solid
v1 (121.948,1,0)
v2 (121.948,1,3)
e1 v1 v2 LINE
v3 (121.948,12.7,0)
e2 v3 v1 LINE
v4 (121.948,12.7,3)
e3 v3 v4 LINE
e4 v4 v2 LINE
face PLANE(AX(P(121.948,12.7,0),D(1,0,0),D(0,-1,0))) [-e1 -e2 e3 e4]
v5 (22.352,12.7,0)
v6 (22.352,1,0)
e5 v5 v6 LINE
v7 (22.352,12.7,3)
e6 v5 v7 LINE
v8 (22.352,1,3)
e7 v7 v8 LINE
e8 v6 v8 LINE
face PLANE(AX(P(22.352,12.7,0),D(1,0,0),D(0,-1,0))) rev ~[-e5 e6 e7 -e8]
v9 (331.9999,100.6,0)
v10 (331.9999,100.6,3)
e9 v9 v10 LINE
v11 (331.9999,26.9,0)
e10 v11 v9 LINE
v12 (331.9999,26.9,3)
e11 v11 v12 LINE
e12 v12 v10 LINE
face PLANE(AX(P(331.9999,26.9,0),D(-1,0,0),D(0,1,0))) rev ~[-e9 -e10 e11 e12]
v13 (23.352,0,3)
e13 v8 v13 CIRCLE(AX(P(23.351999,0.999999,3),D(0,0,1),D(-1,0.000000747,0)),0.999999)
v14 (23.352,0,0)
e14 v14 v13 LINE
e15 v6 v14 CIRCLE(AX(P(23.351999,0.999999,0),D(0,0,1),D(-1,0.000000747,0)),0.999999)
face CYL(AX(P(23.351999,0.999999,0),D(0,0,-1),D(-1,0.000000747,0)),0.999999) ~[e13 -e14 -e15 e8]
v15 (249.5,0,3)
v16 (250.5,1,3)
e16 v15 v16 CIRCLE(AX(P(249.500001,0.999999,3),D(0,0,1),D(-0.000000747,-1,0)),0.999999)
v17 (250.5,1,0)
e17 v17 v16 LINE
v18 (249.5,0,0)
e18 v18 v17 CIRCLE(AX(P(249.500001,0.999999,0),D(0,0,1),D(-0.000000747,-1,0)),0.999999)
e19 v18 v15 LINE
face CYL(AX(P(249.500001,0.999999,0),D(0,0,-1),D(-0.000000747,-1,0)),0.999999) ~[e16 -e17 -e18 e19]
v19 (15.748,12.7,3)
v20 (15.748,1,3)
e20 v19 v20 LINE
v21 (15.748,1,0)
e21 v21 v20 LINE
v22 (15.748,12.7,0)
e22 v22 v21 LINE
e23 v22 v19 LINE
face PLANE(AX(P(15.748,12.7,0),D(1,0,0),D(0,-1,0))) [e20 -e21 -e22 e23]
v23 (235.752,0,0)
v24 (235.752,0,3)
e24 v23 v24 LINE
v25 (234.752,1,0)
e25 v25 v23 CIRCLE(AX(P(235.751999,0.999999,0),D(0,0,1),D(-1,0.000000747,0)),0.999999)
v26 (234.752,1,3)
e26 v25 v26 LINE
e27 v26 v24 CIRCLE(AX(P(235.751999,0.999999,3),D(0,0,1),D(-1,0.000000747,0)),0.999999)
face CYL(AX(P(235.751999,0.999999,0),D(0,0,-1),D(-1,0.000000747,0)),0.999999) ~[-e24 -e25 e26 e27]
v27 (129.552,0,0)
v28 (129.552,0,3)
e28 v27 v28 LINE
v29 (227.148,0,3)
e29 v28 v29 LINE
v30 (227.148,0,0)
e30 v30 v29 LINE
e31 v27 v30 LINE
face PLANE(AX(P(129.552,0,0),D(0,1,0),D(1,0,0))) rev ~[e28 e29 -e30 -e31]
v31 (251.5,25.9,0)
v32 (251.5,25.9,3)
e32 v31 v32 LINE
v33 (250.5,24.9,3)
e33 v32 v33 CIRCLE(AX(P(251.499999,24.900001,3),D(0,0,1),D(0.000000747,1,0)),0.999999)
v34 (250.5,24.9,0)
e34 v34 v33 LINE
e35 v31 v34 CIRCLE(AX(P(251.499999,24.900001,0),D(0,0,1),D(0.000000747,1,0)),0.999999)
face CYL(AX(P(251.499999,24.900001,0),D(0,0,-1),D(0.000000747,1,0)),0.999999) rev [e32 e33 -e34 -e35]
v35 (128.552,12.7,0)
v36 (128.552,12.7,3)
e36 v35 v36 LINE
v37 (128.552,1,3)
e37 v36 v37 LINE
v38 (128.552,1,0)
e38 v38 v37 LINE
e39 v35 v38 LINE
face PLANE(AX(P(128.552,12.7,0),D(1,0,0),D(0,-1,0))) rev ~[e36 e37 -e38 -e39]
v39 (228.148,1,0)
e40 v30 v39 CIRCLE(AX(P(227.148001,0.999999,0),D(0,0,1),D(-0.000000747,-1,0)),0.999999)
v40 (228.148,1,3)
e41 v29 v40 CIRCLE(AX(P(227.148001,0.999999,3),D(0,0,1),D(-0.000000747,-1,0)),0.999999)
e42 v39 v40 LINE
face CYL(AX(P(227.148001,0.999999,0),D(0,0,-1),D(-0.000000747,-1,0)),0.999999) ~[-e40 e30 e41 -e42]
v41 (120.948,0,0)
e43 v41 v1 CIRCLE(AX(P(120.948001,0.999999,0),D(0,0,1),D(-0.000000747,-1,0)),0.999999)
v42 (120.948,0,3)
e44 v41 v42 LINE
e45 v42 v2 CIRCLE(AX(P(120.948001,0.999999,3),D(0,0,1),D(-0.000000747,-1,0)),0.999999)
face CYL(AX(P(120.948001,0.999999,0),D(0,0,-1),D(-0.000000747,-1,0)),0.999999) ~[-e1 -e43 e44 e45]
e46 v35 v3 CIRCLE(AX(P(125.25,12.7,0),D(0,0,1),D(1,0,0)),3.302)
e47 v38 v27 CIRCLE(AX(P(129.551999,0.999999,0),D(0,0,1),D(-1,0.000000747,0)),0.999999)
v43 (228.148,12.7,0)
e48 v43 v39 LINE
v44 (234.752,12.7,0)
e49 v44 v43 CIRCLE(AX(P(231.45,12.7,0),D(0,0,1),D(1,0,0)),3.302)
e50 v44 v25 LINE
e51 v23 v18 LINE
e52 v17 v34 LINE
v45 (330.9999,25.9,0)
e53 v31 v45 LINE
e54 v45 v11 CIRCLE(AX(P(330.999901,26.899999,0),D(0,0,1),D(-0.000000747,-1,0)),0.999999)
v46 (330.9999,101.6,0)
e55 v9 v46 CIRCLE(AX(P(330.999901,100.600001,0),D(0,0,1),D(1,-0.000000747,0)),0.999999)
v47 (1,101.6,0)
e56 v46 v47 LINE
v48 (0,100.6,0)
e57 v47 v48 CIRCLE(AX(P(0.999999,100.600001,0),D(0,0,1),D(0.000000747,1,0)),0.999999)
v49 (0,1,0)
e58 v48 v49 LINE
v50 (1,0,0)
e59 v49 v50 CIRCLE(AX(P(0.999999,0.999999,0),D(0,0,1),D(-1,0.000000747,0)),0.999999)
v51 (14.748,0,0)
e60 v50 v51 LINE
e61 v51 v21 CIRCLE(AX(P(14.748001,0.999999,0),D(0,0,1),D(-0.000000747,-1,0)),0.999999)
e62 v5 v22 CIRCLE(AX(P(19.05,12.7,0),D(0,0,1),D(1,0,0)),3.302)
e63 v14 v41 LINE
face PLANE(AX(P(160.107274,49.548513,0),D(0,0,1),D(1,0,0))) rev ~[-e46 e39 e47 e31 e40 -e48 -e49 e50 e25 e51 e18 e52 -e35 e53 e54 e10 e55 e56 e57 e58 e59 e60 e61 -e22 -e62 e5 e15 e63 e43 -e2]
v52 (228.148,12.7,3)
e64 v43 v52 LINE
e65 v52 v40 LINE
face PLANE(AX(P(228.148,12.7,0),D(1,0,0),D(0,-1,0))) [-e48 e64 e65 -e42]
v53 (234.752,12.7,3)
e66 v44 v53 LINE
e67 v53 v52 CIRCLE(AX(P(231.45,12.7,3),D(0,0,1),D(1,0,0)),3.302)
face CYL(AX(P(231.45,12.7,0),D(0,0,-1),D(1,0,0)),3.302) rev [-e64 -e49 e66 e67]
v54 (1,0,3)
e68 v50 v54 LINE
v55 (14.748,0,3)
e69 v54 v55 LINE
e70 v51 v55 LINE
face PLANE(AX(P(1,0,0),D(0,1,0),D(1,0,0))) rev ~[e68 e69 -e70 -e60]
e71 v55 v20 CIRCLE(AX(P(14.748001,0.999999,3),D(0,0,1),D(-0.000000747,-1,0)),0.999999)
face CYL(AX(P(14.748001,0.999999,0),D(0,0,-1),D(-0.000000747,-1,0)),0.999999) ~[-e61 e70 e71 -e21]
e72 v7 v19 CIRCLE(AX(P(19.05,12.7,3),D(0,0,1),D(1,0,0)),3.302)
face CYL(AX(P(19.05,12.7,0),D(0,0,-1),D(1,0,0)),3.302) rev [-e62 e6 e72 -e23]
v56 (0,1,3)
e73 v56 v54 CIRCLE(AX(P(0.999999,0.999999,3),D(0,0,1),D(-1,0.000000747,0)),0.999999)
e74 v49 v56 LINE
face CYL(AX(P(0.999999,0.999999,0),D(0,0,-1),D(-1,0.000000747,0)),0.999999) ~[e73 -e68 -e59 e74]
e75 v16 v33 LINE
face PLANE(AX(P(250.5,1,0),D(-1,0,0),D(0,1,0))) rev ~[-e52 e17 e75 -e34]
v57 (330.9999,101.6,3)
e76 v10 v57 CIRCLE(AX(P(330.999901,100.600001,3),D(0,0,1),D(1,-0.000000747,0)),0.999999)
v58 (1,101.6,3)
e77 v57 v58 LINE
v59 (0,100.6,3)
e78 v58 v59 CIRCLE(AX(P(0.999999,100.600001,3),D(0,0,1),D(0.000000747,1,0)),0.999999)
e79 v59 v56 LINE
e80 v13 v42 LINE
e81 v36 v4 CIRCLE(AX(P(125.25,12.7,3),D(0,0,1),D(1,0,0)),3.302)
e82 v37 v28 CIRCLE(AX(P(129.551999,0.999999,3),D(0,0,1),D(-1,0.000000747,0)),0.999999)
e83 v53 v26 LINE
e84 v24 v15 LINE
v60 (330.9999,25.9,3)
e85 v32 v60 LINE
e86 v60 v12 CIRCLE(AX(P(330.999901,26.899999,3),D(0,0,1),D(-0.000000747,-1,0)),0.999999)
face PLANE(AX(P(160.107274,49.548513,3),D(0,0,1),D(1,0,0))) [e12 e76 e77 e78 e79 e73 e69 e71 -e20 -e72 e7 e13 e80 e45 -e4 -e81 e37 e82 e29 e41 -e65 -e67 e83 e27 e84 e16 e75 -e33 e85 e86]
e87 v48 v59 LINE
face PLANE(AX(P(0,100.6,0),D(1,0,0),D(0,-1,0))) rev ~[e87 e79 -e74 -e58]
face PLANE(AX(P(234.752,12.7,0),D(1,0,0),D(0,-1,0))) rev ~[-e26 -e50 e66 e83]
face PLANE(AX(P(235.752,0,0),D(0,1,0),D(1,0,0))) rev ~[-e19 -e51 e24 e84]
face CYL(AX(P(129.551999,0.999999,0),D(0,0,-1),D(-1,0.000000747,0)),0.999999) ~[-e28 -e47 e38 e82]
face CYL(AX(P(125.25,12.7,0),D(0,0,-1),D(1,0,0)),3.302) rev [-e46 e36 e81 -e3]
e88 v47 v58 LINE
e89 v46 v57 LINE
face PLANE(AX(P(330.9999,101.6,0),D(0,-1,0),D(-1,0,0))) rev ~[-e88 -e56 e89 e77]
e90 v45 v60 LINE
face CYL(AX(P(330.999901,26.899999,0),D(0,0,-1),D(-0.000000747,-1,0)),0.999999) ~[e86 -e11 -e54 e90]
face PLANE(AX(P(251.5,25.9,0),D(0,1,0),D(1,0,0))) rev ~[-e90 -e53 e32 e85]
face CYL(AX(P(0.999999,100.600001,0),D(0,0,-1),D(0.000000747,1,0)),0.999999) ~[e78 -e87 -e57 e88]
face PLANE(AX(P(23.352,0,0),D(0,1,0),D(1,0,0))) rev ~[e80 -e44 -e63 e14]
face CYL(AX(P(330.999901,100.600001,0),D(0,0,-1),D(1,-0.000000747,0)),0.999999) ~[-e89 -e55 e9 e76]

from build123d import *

# Parameters (mm, degrees)
PAD_DEPTH = 3


with BuildPart() as part:
    # Sketch → Pad (new body)
    with BuildSketch(Plane.XY):
        with BuildLine():
            Line((0, 100.6), (0, 1))
            ThreePointArc((0, 1), (0.292893, 0.292893), (1, 0))
            Line((1, 0), (14.748, 0))
            ThreePointArc((14.748, 0), (15.455107, 0.292893), (15.748, 1))
            Line((15.748, 12.7), (15.748, 1))
            ThreePointArc((22.352, 12.7), (19.05, 16.002), (15.748, 12.7))
            Line((22.352, 12.7), (22.352, 1))
            ThreePointArc((22.352, 1), (22.644893, 0.292893), (23.352, 0))
            Line((23.352, 0), (120.948, 0))
            ThreePointArc((120.948, 0), (121.655107, 0.292893), (121.948, 1))
            Line((121.948, 12.7), (121.948, 1))
            ThreePointArc((128.552, 12.7), (125.25, 16.002), (121.948, 12.7))
            Line((128.552, 12.7), (128.552, 1))
            ThreePointArc((128.552, 1), (128.844893, 0.292893), (129.552, 0))
            Line((129.552, 0), (227.148, 0))
            ThreePointArc((227.148, 0), (227.855107, 0.292893), (228.148, 1))
            Line((228.148, 12.7), (228.148, 1))
            ThreePointArc((234.752, 12.7), (231.45, 16.002), (228.148, 12.7))
            Line((234.752, 12.7), (234.752, 1))
            ThreePointArc((234.752, 1), (235.044893, 0.292893), (235.752, 0))
            Line((235.752, 0), (249.5, 0))
            ThreePointArc((249.5, 0), (250.207107, 0.292893), (250.5, 1))
            Line((250.5, 1), (250.5, 24.9))
            ThreePointArc((251.5, 25.9), (250.792893, 25.607107), (250.5, 24.9))
            Line((251.5, 25.9), (330.9999, 25.9))
            ThreePointArc((330.9999, 25.9), (331.707007, 26.192893), (331.9999, 26.9))
            Line((331.9999, 26.9), (331.9999, 100.6))
            ThreePointArc((331.9999, 100.6), (331.707007, 101.307107), (330.9999, 101.6))
            Line((330.9999, 101.6), (1, 101.6))
            ThreePointArc((1, 101.6), (0.292893, 101.307107), (0, 100.6))
        make_face()
    extrude(amount=PAD_DEPTH)


solid = part.part
